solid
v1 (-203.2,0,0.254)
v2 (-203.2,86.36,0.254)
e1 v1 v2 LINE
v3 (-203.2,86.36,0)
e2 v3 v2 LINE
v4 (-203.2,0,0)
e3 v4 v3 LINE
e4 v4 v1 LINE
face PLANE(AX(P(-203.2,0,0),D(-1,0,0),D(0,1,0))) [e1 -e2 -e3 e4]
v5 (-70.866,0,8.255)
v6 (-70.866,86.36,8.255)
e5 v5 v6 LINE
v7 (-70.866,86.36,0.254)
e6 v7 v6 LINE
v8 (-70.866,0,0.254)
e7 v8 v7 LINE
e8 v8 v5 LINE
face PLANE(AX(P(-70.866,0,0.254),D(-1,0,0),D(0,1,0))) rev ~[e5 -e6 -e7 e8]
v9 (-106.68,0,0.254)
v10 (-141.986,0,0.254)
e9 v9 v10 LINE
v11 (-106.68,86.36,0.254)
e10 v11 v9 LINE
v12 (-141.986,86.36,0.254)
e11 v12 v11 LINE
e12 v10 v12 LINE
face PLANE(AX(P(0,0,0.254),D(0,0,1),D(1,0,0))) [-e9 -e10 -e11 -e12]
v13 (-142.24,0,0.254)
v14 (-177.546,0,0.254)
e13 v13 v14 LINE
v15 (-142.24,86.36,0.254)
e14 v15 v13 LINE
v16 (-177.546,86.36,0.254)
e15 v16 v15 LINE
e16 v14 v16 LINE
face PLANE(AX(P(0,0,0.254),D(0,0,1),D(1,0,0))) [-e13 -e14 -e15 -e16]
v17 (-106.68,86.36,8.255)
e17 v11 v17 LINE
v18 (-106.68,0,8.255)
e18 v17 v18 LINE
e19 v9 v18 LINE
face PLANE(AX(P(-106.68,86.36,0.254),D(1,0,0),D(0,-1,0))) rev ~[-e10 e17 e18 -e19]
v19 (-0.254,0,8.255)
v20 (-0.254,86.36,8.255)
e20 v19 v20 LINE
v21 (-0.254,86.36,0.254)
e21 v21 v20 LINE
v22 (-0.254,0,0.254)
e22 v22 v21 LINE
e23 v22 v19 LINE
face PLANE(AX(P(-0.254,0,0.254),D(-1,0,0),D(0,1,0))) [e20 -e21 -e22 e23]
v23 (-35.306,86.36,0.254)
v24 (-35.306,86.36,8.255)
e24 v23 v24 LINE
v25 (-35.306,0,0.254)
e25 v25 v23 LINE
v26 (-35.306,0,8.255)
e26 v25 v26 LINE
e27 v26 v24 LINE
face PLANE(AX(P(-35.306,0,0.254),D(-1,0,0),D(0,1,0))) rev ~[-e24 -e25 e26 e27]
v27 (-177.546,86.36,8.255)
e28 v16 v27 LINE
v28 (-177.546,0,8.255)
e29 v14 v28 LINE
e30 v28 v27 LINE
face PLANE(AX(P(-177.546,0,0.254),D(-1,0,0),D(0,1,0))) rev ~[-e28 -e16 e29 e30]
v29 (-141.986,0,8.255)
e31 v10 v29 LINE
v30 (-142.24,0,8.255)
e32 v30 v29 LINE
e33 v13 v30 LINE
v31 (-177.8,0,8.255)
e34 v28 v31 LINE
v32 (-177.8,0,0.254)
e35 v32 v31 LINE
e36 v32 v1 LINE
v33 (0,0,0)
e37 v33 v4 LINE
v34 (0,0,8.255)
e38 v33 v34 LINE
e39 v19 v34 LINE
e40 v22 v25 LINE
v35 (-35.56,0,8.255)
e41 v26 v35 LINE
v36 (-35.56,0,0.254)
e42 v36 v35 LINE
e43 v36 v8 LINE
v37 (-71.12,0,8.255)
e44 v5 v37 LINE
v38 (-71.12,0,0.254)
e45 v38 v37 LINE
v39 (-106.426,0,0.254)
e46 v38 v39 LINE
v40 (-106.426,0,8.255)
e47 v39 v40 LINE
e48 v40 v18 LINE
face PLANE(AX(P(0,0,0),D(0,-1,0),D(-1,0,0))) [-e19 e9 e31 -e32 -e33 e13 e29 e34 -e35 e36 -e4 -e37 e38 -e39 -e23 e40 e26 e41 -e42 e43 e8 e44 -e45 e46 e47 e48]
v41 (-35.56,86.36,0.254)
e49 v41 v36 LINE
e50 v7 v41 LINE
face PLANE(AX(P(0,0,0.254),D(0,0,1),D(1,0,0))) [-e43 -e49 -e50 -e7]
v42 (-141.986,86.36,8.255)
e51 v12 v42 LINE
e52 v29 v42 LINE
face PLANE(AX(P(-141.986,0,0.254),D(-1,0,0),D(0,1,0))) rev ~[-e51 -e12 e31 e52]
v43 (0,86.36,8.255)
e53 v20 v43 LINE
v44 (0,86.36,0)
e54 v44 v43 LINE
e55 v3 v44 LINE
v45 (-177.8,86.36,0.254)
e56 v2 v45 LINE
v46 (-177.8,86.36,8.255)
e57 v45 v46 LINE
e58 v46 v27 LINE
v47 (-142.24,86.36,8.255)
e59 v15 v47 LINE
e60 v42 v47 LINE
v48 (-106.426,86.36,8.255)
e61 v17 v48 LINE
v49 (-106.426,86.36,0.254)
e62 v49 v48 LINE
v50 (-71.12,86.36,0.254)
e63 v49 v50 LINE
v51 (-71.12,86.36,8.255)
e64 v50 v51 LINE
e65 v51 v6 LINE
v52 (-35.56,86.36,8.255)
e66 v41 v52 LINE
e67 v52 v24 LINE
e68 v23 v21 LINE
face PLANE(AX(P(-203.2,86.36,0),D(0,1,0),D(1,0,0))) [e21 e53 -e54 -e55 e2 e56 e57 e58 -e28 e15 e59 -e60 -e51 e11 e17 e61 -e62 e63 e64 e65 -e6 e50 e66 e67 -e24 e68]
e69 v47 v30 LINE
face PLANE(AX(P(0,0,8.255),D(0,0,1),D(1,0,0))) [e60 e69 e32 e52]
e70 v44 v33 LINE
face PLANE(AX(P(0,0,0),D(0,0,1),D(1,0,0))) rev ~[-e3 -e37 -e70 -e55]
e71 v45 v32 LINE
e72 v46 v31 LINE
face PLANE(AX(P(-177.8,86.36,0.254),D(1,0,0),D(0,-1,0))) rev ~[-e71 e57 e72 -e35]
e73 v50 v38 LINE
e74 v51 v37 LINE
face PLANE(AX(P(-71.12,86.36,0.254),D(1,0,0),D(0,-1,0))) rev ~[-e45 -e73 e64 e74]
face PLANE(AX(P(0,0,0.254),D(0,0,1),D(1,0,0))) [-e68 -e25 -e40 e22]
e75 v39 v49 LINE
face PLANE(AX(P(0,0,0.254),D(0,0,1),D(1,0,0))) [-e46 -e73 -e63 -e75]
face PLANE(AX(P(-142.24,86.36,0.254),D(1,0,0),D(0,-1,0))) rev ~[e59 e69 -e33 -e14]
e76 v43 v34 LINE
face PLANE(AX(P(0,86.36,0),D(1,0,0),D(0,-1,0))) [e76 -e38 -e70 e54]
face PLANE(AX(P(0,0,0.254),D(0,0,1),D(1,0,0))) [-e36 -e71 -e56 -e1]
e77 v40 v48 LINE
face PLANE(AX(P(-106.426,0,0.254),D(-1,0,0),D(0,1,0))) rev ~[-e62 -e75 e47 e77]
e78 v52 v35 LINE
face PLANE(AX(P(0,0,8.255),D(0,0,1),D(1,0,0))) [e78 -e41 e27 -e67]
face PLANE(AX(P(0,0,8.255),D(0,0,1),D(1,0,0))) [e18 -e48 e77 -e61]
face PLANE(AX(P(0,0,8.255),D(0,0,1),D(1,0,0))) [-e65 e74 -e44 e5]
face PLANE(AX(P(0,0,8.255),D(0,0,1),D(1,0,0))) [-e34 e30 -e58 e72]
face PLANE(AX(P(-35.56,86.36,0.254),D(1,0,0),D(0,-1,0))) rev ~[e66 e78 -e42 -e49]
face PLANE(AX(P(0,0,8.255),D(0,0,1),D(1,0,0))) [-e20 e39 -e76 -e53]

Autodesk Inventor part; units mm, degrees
ref_plane "YZ Plane" through (0, 0, 0) normal (1, 0, 0) x (0, 1, 0)
ref_plane "XZ Plane" through (0, 0, 0) normal (0, 1, 0) x (-1, 0, 0)
ref_plane "XY Plane" through (0, 0, 0) normal (0, 0, 1) x (1, 0, 0)
sketch "Sketch1" plane through (0, 0, 0) normal (0, 0, 1) x (1, 0, 0)
  line L0 (0, 0) -> (-203.2, 0)
  line L1 (-203.2, 0) -> (-203.2, 86.36)
  line L2 (-203.2, 86.36) -> (0, 86.36)
  line L3 (0, 86.36) -> (0, 0)
  dimension "d0" = 203.2
  dimension "d1" = 86.36
extrude "Extrusion1" add sketch "Sketch1" along normal blind 0.254
sketch "Sketch2" plane through (0, 0, 0.254) normal (0, 0, 1) x (1, 0, 0)
  line L0 (-203.2, 0) -> (0, 0) projected
  line L1 (0, 0) -> (-0.254, 0)
  line L2 (-0.254, 0) -> (-0.254, 86.36)
  line L3 (-0.254, 86.36) -> (0, 86.36)
  line L4 (0, 86.36) -> (0, 0)
  dimension "d4" = 0.254
extrude "Extrusion2" add sketch "Sketch2" along normal blind 8.001
sketch "Sketch3" plane through (0, 0, 0) normal (1, 0, 0) x (0, 0, -1)
  point P0 (0, 0)
sketch "Sketch4" plane through (0, 0, 0.254) normal (0, 0, 1) x (1, 0, 0)
  line L0 (0, 0) -> (-203.2, 0) projected
  line L1 (-203.2, 86.36) -> (0, 86.36) projected
  line L2 (-35.56, 0) -> (-35.306, 0)
  line L3 (-35.306, 0) -> (-35.306, 86.36)
  line L4 (-35.306, 86.36) -> (-35.56, 86.36)
  line L5 (-35.56, 86.36) -> (-35.56, 0)
  dimension "d7" = 0.254
extrude "Extrusion3" add sketch "Sketch4" along normal blind 8.001
sketch "Sketch5" plane through (0, 0, 0.254) normal (0, 0, 1) x (1, 0, 0)
  line L0 (0, 0) -> (-203.2, 0) projected
  line L1 (-203.2, 86.36) -> (0, 86.36) projected
  line L2 (-71.12, 0) -> (-70.866, 0)
  line L3 (-70.866, 0) -> (-70.866, 86.36)
  line L4 (-70.866, 86.36) -> (-71.12, 86.36)
  line L5 (-71.12, 86.36) -> (-71.12, 0)
  line L6 (-106.68, 0) -> (-106.426, 0)
  line L7 (-106.426, 0) -> (-106.426, 86.36)
  line L8 (-106.426, 86.36) -> (-106.68, 86.36)
  line L9 (-106.68, 86.36) -> (-106.68, 0)
  line L10 (-142.24, 0) -> (-141.986, 0)
  line L11 (-141.986, 0) -> (-141.986, 86.36)
  line L12 (-141.986, 86.36) -> (-142.24, 86.36)
  line L13 (-142.24, 86.36) -> (-142.24, 0)
  line L14 (-177.8, 0) -> (-177.546, 0)
  line L15 (-177.546, 0) -> (-177.546, 86.36)
  line L16 (-177.546, 86.36) -> (-177.8, 86.36)
  line L17 (-177.8, 86.36) -> (-177.8, 0)
  dimension "d10" = 0.254
  dimension "d11" = 0.254
  dimension "d12" = 0.254
  dimension "d13" = 0.254
extrude "Extrusion4" add sketch "Sketch5" along normal blind 8.001 contours L0 L5 L1 L3
sketch "Sketch6" plane through (0, 0, 0.254) normal (0, 0, 1) x (1, 0, 0)
  line L0 (0, 0) -> (-203.2, 0) projected
  line L1 (-203.2, 86.36) -> (0, 86.36) projected
  line L2 (-106.68, 0) -> (-106.426, 0)
  line L3 (-106.426, 0) -> (-106.426, 86.36)
  line L4 (-106.426, 86.36) -> (-106.68, 86.36)
  line L5 (-106.68, 86.36) -> (-106.68, 0)
  dimension "d16" = 0.254
extrude "Extrusion5" add sketch "Sketch6" along normal blind 8.001
sketch "Sketch7" plane through (0, 0, 0.254) normal (0, 0, 1) x (1, 0, 0)
  line L0 (-203.2, 0) -> (-106.68, 0) projected
  line L1 (-106.68, 86.36) -> (-203.2, 86.36) projected
  line L2 (-142.24, 0) -> (-141.986, 0)
  line L3 (-141.986, 0) -> (-141.986, 86.36)
  line L4 (-141.986, 86.36) -> (-142.24, 86.36)
  line L5 (-142.24, 86.36) -> (-142.24, 0)
  point P0 (0, 0)
  dimension "d19" = 0.254
extrude "Extrusion6" add sketch "Sketch7" along normal blind 8.001
sketch "Sketch8" plane through (0, 0, 0.254) normal (0, 0, 1) x (1, 0, 0)
  line L0 (0, 0) -> (-203.2, 0) projected
  line L1 (-203.2, 86.36) -> (0, 86.36) projected
  line L2 (-177.8, 0) -> (-177.546, 0)
  line L3 (-177.546, 0) -> (-177.546, 86.36)
  line L4 (-177.546, 86.36) -> (-177.8, 86.36)
  line L5 (-177.8, 86.36) -> (-177.8, 0)
  dimension "d22" = 0.254
extrude "Extrusion7" add sketch "Sketch8" along normal blind 8.001
properties part number "ModuleHolder"
